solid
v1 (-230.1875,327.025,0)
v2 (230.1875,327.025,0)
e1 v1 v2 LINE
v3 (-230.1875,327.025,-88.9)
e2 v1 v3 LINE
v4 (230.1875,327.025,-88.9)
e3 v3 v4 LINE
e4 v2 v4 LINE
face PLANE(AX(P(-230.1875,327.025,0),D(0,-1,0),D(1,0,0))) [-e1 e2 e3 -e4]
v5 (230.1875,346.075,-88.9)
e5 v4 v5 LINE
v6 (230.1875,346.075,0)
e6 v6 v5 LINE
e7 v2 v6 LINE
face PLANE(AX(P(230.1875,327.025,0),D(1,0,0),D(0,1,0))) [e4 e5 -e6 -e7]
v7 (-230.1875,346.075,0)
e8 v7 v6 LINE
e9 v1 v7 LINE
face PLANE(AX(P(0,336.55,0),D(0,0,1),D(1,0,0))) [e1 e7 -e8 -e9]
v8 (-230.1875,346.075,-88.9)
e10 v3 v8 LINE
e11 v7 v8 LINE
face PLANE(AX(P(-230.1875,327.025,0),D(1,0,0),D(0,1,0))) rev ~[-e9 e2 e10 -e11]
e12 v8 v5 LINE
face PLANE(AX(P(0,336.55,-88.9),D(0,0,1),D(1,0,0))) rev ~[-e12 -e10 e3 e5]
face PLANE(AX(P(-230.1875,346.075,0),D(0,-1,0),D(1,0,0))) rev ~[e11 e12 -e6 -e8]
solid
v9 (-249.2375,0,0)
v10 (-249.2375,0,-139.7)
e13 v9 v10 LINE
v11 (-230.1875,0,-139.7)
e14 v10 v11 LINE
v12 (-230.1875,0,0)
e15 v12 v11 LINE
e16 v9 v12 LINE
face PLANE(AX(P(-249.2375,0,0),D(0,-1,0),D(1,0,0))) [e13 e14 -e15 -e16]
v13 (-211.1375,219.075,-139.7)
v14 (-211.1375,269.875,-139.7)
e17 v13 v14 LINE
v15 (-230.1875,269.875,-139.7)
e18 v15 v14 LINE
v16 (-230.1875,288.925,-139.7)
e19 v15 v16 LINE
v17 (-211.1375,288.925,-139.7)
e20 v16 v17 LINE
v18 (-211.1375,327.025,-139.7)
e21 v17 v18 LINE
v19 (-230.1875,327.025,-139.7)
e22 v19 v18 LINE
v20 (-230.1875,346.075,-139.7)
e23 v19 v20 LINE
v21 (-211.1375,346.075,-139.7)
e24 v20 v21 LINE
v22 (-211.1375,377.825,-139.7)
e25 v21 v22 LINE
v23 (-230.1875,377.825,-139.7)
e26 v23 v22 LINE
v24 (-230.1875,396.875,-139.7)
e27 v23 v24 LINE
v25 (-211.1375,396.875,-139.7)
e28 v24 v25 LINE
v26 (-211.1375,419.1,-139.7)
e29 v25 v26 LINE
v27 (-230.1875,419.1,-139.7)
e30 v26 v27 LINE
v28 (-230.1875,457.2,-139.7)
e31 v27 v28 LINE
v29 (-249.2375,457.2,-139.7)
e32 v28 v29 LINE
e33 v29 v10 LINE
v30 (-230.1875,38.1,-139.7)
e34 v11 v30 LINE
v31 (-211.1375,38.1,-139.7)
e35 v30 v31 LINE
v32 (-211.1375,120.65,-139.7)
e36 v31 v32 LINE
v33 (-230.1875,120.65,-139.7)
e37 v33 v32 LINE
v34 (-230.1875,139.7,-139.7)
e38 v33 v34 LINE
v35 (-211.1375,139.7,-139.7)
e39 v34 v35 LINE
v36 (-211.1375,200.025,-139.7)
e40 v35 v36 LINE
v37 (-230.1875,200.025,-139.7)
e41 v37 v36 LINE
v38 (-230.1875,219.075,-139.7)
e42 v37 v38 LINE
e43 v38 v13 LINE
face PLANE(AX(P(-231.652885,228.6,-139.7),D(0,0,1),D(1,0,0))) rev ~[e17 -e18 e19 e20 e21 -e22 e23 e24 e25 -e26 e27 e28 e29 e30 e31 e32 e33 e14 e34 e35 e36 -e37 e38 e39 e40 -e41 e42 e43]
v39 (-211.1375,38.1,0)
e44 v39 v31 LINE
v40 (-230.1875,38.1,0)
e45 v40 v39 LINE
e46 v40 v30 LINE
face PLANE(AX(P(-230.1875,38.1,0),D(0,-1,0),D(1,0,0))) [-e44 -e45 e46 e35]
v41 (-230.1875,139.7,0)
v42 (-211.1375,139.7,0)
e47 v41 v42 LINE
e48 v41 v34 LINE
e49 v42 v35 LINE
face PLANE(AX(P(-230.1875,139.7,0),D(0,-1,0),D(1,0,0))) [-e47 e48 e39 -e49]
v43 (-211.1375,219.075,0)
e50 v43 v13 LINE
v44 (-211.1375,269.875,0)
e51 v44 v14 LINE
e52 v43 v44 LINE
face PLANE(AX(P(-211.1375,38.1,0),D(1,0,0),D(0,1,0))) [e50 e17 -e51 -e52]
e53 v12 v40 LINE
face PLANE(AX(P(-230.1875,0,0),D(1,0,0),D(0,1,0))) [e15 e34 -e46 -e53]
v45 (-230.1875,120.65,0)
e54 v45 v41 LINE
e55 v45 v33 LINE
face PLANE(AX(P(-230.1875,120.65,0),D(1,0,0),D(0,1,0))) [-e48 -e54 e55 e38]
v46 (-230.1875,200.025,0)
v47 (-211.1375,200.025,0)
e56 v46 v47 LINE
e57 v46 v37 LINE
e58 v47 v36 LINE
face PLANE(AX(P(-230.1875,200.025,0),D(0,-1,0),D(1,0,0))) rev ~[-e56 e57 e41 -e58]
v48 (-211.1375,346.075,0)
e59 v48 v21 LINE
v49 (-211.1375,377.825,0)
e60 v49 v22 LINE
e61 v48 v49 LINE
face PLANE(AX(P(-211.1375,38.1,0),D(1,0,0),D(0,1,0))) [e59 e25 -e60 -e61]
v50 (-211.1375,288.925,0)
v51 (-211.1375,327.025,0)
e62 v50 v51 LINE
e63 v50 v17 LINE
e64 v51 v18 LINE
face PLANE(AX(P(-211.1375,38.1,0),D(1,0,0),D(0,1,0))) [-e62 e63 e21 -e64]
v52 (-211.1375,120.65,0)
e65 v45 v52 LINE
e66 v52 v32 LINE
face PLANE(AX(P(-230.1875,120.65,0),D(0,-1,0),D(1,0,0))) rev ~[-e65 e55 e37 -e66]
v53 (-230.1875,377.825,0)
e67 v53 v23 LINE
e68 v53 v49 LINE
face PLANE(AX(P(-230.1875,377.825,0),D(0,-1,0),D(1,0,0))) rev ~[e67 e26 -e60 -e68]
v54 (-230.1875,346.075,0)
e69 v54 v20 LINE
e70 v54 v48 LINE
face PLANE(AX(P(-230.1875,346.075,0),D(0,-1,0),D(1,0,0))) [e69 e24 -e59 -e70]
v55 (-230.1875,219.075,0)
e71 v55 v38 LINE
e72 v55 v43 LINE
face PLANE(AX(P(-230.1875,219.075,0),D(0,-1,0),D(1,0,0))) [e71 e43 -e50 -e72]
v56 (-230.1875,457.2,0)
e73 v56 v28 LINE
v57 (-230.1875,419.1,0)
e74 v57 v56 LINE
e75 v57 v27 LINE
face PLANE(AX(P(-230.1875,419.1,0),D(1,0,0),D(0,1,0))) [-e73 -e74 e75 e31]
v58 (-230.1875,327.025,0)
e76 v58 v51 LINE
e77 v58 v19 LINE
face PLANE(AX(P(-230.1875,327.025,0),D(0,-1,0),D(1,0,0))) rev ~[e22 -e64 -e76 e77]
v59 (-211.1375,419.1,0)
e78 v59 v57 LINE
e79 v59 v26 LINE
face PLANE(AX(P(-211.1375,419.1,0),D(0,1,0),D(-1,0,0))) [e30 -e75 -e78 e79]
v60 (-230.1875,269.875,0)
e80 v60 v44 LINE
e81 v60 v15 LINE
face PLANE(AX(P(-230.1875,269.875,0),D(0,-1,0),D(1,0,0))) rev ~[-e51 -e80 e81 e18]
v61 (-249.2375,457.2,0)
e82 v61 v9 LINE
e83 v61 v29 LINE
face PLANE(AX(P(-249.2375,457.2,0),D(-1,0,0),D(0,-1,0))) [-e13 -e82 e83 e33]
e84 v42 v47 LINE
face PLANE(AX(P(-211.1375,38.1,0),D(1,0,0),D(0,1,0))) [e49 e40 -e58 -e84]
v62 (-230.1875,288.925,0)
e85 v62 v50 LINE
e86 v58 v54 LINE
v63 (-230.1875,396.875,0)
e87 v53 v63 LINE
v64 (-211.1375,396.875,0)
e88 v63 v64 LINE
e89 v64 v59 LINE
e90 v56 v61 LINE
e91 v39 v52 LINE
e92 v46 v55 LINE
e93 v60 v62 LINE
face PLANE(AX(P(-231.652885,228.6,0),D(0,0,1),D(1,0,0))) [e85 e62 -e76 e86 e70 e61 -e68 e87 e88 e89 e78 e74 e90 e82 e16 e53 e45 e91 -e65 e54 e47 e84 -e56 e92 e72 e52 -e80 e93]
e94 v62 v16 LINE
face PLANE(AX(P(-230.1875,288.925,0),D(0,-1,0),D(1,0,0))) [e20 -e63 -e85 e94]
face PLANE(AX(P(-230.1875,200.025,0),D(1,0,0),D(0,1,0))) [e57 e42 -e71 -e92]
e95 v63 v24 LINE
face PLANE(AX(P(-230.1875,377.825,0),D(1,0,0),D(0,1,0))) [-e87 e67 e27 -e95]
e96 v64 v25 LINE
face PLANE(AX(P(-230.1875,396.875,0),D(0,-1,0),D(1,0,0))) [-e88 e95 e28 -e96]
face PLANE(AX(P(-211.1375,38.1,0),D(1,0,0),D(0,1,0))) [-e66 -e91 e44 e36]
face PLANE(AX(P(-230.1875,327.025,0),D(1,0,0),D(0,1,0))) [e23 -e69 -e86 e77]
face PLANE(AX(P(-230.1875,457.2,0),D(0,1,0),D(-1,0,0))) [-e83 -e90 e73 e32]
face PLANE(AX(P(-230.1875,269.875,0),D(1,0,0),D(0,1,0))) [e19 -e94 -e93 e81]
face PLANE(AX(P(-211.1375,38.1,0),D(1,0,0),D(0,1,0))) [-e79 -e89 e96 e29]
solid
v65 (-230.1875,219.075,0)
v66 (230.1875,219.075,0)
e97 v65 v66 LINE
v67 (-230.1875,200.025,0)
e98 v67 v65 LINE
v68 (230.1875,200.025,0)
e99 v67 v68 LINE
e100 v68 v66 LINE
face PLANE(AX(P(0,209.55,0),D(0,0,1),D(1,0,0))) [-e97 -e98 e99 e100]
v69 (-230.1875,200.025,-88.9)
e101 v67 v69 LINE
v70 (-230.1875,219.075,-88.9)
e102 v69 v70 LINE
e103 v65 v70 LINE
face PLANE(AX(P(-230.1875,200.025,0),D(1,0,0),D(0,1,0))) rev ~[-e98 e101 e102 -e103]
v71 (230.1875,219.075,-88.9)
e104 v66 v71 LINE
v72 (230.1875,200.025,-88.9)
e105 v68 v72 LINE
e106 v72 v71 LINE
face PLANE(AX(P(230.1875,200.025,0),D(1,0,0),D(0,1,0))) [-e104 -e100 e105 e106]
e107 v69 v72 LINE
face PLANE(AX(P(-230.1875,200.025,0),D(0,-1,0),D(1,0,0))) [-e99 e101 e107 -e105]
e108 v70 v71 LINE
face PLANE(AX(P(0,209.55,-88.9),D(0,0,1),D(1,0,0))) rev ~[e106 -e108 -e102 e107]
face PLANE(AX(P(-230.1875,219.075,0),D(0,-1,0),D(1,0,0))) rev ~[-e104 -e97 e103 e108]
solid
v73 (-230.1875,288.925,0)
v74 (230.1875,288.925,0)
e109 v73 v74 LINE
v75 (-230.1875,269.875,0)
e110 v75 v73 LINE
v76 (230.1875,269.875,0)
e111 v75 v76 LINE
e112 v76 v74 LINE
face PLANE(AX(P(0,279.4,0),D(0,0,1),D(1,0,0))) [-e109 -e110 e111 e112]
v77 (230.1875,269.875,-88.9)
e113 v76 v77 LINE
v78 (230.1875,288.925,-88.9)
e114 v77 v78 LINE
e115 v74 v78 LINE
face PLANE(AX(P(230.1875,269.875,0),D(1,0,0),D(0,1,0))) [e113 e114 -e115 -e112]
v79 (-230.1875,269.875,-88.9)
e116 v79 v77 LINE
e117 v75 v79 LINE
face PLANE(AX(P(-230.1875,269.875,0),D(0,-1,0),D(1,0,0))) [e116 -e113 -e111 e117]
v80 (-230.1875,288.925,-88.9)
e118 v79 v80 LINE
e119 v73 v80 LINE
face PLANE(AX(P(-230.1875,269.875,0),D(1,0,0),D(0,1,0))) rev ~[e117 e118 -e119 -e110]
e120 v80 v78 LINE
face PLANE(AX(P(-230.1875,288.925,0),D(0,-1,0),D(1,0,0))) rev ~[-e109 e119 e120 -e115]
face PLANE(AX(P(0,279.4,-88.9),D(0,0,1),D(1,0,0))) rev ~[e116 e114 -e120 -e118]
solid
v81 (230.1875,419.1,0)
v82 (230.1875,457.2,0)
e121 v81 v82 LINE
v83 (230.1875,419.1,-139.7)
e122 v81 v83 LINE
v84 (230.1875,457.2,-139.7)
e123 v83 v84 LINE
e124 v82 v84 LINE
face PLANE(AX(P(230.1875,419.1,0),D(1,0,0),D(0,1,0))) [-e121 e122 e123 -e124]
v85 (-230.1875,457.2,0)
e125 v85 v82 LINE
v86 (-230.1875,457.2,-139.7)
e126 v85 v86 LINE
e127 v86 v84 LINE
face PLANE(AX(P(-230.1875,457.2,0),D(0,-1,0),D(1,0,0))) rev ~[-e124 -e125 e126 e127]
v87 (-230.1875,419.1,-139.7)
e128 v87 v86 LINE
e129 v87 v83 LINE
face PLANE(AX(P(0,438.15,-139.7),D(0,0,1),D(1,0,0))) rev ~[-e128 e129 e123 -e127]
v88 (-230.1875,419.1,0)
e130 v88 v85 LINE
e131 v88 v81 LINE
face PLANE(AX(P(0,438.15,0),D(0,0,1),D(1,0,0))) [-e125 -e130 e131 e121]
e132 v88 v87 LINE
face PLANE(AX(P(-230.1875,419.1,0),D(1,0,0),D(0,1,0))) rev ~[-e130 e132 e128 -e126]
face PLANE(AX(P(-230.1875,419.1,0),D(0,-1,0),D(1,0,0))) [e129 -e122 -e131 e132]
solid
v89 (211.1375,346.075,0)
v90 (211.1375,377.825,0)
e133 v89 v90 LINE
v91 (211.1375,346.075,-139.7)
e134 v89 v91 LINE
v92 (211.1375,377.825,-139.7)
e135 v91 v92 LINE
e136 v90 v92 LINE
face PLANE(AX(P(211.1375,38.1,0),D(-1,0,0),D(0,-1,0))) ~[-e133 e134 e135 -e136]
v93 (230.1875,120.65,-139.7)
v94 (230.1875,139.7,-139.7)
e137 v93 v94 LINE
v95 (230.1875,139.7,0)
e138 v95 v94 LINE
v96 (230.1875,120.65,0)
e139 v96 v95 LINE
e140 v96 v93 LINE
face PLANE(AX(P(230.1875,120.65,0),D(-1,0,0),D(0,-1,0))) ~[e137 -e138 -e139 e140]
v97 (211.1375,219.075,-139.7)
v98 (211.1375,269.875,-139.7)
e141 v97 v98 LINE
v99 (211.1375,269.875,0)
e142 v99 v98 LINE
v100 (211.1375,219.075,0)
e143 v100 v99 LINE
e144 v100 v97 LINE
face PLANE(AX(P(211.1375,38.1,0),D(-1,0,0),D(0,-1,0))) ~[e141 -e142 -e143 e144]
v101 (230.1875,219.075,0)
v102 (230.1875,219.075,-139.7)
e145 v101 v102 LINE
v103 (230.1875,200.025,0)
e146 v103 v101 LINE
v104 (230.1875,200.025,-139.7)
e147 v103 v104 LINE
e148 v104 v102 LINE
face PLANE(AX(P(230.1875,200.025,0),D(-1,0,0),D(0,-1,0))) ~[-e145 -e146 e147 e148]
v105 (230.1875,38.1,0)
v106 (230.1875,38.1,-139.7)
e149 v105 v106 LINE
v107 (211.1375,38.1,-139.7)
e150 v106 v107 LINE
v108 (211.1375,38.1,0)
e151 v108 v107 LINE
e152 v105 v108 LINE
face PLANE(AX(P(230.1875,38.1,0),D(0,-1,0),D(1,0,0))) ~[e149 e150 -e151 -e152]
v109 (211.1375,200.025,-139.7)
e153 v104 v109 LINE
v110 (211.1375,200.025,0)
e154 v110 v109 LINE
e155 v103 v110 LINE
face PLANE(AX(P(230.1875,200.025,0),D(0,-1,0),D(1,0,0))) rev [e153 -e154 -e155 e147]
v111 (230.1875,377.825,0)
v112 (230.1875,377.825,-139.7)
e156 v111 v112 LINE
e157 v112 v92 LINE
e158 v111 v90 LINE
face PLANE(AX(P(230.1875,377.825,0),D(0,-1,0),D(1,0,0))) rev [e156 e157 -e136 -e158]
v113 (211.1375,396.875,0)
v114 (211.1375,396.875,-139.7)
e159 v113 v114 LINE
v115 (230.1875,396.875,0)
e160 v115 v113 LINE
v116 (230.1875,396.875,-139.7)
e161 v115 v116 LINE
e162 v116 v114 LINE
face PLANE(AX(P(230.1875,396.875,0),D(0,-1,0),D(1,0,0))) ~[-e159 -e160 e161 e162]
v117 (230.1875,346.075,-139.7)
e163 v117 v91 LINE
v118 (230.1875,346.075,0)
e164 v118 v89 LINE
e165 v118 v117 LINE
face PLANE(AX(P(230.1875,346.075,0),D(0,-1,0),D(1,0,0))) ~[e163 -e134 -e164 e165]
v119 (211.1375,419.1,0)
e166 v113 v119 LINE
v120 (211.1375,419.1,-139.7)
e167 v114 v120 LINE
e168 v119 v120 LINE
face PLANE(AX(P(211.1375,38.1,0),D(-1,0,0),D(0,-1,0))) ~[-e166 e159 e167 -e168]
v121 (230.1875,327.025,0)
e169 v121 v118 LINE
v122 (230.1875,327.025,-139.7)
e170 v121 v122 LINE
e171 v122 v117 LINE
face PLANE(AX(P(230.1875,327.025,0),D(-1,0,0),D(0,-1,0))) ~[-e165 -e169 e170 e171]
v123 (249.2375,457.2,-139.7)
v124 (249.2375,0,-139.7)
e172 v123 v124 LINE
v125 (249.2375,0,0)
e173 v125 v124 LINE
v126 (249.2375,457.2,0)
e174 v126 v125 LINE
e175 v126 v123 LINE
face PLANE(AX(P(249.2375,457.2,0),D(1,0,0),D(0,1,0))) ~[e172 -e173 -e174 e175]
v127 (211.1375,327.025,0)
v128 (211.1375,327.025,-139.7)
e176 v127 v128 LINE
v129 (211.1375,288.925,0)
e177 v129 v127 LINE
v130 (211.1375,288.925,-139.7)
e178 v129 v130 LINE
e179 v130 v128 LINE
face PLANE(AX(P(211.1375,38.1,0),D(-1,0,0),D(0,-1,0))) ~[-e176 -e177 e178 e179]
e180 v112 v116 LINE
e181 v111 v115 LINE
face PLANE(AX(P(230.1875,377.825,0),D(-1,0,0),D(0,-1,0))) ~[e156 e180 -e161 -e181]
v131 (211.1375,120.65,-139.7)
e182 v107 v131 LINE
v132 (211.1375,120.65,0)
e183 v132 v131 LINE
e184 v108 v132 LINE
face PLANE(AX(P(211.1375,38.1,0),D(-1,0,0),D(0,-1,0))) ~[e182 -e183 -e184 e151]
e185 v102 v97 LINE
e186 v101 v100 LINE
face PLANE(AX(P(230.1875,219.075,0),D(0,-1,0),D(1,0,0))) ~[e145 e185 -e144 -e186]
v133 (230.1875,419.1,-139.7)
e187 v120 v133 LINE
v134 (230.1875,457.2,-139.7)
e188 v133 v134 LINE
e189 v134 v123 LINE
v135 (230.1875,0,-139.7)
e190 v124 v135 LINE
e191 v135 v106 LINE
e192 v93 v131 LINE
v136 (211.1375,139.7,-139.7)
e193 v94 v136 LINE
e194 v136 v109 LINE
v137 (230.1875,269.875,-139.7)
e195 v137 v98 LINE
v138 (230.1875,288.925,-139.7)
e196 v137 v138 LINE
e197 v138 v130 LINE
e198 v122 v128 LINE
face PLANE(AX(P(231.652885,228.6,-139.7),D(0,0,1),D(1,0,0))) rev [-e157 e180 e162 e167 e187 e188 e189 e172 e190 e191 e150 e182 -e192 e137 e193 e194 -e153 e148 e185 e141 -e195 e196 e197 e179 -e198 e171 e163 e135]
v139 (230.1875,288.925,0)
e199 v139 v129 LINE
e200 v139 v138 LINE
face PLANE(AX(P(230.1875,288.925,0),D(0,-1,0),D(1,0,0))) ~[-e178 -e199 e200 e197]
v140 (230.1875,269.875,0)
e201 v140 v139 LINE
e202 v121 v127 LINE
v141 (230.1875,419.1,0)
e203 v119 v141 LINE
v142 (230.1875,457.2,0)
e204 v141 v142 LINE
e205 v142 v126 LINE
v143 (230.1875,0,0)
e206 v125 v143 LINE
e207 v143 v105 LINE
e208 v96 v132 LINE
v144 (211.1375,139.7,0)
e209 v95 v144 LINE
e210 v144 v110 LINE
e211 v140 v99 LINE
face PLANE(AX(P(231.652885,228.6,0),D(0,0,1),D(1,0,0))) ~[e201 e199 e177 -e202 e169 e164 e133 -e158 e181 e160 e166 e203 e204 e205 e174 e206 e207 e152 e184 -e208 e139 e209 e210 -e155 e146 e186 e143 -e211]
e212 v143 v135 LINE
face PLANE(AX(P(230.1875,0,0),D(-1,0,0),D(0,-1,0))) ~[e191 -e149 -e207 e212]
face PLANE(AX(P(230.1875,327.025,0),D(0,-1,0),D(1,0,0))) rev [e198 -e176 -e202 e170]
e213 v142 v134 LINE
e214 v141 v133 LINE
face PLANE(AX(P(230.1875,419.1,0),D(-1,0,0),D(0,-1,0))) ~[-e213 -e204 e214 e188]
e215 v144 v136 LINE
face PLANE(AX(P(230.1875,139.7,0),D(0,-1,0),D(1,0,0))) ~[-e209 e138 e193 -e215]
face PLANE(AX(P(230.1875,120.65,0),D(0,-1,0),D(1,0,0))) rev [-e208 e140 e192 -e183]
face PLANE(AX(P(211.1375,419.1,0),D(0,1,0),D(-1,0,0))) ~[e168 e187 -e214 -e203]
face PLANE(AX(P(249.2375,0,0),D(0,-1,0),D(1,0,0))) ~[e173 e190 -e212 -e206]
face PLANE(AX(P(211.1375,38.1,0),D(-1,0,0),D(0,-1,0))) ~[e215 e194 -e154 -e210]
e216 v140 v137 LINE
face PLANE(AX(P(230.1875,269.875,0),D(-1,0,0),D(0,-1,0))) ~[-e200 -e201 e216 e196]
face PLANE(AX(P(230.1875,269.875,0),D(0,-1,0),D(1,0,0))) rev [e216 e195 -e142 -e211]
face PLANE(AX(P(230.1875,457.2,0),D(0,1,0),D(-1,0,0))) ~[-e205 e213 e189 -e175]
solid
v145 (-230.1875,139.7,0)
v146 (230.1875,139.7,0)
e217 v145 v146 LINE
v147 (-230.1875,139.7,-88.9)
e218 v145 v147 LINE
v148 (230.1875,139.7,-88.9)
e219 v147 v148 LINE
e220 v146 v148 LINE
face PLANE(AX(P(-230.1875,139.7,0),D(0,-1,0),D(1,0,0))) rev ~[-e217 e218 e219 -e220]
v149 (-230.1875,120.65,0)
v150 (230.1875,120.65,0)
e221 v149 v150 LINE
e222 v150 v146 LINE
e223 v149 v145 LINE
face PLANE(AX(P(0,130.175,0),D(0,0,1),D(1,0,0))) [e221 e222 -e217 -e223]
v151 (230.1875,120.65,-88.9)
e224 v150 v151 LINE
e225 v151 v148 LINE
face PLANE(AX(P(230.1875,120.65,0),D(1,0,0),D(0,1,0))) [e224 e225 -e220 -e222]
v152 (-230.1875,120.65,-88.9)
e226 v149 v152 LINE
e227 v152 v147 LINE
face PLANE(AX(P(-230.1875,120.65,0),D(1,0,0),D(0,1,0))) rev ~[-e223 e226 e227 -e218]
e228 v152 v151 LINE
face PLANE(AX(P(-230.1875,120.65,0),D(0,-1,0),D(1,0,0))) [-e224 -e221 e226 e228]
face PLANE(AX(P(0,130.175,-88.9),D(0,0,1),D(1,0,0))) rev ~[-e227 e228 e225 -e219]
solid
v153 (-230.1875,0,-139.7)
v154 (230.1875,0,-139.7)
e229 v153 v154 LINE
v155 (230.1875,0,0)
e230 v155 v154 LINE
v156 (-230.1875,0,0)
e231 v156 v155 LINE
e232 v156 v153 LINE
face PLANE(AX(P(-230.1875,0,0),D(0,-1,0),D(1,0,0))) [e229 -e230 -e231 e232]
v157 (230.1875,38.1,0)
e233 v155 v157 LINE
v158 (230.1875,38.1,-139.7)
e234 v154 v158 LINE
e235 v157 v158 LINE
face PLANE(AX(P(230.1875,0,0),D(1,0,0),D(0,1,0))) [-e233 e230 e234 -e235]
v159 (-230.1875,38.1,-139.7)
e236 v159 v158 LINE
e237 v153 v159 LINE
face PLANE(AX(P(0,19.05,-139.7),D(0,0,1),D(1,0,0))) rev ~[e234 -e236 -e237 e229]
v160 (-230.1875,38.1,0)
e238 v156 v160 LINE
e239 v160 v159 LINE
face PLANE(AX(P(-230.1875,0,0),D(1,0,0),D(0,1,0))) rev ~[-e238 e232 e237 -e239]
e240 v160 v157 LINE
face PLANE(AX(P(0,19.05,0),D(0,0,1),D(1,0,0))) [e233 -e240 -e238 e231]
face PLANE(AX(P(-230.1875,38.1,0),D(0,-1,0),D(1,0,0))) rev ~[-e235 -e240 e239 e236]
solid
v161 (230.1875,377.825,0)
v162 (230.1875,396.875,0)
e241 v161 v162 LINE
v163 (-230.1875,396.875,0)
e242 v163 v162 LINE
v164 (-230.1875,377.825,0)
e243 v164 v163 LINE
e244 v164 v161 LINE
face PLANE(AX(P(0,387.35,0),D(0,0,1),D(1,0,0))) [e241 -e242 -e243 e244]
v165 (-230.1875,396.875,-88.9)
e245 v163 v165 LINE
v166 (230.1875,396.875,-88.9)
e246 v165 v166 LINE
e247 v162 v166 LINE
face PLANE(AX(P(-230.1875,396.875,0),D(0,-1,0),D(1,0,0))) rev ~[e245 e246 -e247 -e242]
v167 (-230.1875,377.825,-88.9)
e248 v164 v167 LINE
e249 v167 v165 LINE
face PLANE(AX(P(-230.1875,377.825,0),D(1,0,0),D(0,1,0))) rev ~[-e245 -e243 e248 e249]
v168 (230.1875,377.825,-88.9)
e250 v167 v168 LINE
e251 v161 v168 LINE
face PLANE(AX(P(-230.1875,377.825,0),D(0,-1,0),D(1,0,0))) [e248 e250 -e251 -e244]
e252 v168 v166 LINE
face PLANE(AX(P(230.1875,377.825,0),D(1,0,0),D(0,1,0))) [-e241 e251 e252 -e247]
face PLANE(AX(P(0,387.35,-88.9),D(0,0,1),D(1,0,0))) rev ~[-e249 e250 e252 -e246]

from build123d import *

# Parameters (mm, degrees)
F1_DEPTH = 139.7
F2_W     = 19.05
F2_H     = 19.05
F3_DEPTH = 139.7
F5_W     = 460.375
F5_H     = 38.1
F6_DEPTH = 139.7
F7_W     = 460.375
F7_H     = 19.05
F8_DEPTH = 88.9


with BuildPart() as f1:
    # F0 (on Top) → F1 (new body)
    with BuildSketch(Plane.XY):
        Polygon((-249.2375, 0), (-230.1875, 0), (-230.1875, 38.1), (-211.1375, 38.1), (-211.1375, 419.1), (-230.1875, 419.1), (-230.1875, 457.2), (-249.2375, 457.2), align=None)
    extrude(amount=-F1_DEPTH)

    # F2 (on face) → F3 (cut, through all)
    with BuildSketch(Plane.XY):
        with Locations((-220.6625, 130.175)):
            Rectangle(F2_W, F2_H)
        with Locations((-220.6625, 209.55)):
            Rectangle(F2_W, F2_H)
        with Locations((-220.6625, 279.4)):
            Rectangle(F2_W, F2_H)
        with Locations((-220.6625, 336.55)):
            Rectangle(F2_W, F2_H)
        with Locations((-220.6625, 387.35)):
            Rectangle(F2_W, F2_H)
    extrude(amount=-F3_DEPTH, mode=Mode.SUBTRACT)


with BuildPart() as f4_1:
    # F4: instance of F1
    add(f1.part.mirror(Plane.YZ))


with BuildPart() as f6:
    # F5 (on face) → F6 (new body)
    with BuildSketch(Plane.XY):
        with Locations((0, 19.05)):
            Rectangle(F5_W, F5_H)
        with Locations((0, 438.15)):
            Rectangle(F5_W, F5_H)
    extrude(amount=-F6_DEPTH)


with BuildPart() as f8:
    # F7 (on face) → F8 (new body)
    with BuildSketch(Plane.XY):
        with Locations((0, 130.175)):
            Rectangle(F7_W, F7_H)
        with Locations((0, 209.55)):
            Rectangle(F7_W, F7_H)
        with Locations((0, 279.4)):
            Rectangle(F7_W, F7_H)
        with Locations((0, 336.55)):
            Rectangle(F7_W, F7_H)
        with Locations((0, 387.35)):
            Rectangle(F7_W, F7_H)
    extrude(amount=-F8_DEPTH)


solid = Compound([f1.part, f4_1.part, f6.part, f8.part])
